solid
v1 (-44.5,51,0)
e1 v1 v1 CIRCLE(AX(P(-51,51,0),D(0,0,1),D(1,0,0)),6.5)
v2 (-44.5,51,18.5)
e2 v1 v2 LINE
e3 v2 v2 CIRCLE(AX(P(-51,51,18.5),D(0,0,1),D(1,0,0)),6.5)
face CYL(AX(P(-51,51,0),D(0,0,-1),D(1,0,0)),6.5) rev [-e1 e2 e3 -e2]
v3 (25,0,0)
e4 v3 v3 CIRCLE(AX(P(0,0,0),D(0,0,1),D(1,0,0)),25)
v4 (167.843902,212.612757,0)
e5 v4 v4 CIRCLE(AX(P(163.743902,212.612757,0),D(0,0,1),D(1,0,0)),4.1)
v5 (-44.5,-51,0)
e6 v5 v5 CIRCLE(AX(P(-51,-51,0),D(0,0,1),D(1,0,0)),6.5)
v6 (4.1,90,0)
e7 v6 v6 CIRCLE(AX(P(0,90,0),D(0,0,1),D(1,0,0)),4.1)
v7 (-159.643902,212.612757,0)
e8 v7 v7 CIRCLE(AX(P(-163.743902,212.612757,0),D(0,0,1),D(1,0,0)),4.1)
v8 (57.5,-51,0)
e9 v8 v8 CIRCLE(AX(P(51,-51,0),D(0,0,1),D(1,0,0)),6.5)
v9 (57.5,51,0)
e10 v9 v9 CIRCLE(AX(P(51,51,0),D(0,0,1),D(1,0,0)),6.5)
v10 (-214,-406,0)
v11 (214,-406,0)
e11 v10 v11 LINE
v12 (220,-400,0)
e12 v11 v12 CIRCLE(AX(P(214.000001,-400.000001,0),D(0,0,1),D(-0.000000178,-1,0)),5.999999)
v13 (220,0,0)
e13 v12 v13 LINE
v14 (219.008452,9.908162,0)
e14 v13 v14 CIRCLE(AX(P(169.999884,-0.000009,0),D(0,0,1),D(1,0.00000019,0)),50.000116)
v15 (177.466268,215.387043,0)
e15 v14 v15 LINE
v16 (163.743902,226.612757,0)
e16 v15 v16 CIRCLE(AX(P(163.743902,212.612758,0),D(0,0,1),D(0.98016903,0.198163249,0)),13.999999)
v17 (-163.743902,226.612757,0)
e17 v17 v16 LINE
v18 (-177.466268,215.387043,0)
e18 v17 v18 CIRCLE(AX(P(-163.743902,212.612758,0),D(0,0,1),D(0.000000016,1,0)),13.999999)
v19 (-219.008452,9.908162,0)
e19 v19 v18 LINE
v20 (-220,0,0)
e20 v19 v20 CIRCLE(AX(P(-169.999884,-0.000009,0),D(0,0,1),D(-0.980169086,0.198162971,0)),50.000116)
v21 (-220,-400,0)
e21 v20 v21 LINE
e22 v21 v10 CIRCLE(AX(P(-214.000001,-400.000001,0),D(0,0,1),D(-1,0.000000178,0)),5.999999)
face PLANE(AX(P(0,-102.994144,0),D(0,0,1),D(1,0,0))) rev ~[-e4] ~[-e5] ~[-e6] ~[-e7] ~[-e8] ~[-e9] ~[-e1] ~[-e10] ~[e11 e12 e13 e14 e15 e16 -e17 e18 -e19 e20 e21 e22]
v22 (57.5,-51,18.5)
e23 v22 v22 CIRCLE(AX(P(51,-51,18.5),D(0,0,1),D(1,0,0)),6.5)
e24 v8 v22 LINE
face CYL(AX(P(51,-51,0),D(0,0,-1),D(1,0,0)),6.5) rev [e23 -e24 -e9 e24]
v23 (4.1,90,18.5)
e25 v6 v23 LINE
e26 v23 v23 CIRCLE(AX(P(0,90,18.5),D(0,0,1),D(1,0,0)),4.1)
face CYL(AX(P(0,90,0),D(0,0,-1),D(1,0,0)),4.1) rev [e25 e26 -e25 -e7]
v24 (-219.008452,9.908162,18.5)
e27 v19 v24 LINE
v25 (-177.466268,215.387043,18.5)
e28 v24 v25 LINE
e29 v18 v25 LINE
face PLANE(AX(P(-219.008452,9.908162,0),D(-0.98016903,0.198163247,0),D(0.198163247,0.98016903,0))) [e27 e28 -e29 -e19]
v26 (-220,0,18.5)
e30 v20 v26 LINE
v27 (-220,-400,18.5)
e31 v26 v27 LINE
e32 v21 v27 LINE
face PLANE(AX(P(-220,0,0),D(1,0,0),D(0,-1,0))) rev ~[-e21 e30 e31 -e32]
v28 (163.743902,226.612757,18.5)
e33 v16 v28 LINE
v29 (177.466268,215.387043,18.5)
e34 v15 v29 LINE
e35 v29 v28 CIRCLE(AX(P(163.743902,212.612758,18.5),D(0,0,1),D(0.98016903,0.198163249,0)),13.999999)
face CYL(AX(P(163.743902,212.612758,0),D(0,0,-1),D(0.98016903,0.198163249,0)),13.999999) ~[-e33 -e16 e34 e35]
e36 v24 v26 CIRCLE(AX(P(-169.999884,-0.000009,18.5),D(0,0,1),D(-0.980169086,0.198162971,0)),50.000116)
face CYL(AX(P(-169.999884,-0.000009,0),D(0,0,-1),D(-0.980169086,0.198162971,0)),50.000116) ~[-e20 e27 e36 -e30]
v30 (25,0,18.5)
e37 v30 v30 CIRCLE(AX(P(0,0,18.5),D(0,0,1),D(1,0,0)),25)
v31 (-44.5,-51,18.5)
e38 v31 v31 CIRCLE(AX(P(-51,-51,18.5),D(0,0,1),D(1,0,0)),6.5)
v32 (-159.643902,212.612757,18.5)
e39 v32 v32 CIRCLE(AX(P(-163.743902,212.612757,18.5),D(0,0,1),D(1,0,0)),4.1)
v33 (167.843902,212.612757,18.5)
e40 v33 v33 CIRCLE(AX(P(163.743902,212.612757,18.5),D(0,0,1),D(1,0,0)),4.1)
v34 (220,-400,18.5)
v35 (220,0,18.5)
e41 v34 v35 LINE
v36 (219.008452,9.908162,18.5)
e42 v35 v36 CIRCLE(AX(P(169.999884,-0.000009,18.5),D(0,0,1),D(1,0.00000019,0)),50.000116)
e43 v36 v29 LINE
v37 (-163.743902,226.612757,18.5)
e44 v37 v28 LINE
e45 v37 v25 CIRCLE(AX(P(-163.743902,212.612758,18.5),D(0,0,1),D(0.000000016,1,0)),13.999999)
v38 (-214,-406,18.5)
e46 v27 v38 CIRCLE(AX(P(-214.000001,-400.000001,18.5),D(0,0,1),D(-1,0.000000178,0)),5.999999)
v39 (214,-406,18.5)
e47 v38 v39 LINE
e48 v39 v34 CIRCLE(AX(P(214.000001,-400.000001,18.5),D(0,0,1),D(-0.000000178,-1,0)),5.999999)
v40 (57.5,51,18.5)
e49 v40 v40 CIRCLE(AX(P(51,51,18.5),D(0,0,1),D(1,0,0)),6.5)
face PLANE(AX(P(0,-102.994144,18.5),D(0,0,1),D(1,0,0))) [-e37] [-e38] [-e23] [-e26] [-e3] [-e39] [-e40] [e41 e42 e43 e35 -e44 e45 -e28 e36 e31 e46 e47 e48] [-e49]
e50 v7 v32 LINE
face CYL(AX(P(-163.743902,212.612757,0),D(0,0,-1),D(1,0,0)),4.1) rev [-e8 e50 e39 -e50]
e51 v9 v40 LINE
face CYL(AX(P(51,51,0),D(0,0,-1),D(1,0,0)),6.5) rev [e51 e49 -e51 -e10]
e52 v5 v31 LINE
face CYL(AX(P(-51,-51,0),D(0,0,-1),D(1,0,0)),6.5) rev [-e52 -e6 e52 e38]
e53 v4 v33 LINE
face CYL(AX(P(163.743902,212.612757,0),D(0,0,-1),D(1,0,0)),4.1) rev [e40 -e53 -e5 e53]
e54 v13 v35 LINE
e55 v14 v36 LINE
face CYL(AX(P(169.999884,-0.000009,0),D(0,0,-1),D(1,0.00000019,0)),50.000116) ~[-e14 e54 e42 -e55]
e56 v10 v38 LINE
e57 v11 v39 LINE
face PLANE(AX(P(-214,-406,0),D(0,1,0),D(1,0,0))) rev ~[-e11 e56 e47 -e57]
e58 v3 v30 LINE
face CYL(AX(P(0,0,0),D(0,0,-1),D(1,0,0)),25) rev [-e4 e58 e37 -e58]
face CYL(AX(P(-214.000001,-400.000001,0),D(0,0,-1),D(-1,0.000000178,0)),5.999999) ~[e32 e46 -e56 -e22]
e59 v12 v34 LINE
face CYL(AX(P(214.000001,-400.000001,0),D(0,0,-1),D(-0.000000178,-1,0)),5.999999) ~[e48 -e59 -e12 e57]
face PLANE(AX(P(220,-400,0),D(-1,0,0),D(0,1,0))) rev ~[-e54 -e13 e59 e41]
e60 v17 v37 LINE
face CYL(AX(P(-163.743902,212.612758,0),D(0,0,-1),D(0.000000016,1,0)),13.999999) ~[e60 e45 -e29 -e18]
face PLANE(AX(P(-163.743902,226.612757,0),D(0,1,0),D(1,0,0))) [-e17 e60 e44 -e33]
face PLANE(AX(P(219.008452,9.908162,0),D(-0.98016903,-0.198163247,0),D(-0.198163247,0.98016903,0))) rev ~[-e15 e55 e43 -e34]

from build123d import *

# Parameters (mm, degrees)
SKETCH_R   = 25
SKETCH_R_2 = 6.5
SKETCH_R_3 = 4.1
PAD_DEPTH  = 18.5


with BuildPart() as part:
    # Sketch → Pad (new body)
    with BuildSketch(Plane.XY):
        with BuildLine():
            Line((-220, 0), (-220, -400))
            ThreePointArc((-220, -400), (-218.242641, -404.242641), (-214, -406))
            Line((-214, -406), (214, -406))
            ThreePointArc((214, -406), (218.242641, -404.242641), (220, -400))
            Line((220, -400), (220, 0))
            ThreePointArc((220, 0), (219.751495, 4.978826), (219.008452, 9.908162))
            Line((219.008452, 9.908162), (177.466268, 215.387043))
            ThreePointArc((177.466268, 215.387043), (172.608438, 223.448808), (163.743902, 226.612757))
            Line((-163.743902, 226.612757), (163.743902, 226.612757))
            ThreePointArc((-163.743902, 226.612757), (-172.608438, 223.448808), (-177.466268, 215.387043))
            Line((-219.008452, 9.908162), (-177.466268, 215.387043))
            ThreePointArc((-219.008452, 9.908162), (-219.751495, 4.978826), (-220, 0))
        make_face()
        Circle(SKETCH_R, mode=Mode.SUBTRACT)
        with Locations((51, 51)):
            Circle(SKETCH_R_2, mode=Mode.SUBTRACT)
        with Locations((-51, 51)):
            Circle(SKETCH_R_2, mode=Mode.SUBTRACT)
        with Locations((-51, -51)):
            Circle(SKETCH_R_2, mode=Mode.SUBTRACT)
        with Locations((51, -51)):
            Circle(SKETCH_R_2, mode=Mode.SUBTRACT)
        with Locations((0, 90)):
            Circle(SKETCH_R_3, mode=Mode.SUBTRACT)
        with Locations((163.743902, 212.612757)):
            Circle(SKETCH_R_3, mode=Mode.SUBTRACT)
        with Locations((-163.743902, 212.612757)):
            Circle(SKETCH_R_3, mode=Mode.SUBTRACT)
    extrude(amount=PAD_DEPTH)


solid = part.part
